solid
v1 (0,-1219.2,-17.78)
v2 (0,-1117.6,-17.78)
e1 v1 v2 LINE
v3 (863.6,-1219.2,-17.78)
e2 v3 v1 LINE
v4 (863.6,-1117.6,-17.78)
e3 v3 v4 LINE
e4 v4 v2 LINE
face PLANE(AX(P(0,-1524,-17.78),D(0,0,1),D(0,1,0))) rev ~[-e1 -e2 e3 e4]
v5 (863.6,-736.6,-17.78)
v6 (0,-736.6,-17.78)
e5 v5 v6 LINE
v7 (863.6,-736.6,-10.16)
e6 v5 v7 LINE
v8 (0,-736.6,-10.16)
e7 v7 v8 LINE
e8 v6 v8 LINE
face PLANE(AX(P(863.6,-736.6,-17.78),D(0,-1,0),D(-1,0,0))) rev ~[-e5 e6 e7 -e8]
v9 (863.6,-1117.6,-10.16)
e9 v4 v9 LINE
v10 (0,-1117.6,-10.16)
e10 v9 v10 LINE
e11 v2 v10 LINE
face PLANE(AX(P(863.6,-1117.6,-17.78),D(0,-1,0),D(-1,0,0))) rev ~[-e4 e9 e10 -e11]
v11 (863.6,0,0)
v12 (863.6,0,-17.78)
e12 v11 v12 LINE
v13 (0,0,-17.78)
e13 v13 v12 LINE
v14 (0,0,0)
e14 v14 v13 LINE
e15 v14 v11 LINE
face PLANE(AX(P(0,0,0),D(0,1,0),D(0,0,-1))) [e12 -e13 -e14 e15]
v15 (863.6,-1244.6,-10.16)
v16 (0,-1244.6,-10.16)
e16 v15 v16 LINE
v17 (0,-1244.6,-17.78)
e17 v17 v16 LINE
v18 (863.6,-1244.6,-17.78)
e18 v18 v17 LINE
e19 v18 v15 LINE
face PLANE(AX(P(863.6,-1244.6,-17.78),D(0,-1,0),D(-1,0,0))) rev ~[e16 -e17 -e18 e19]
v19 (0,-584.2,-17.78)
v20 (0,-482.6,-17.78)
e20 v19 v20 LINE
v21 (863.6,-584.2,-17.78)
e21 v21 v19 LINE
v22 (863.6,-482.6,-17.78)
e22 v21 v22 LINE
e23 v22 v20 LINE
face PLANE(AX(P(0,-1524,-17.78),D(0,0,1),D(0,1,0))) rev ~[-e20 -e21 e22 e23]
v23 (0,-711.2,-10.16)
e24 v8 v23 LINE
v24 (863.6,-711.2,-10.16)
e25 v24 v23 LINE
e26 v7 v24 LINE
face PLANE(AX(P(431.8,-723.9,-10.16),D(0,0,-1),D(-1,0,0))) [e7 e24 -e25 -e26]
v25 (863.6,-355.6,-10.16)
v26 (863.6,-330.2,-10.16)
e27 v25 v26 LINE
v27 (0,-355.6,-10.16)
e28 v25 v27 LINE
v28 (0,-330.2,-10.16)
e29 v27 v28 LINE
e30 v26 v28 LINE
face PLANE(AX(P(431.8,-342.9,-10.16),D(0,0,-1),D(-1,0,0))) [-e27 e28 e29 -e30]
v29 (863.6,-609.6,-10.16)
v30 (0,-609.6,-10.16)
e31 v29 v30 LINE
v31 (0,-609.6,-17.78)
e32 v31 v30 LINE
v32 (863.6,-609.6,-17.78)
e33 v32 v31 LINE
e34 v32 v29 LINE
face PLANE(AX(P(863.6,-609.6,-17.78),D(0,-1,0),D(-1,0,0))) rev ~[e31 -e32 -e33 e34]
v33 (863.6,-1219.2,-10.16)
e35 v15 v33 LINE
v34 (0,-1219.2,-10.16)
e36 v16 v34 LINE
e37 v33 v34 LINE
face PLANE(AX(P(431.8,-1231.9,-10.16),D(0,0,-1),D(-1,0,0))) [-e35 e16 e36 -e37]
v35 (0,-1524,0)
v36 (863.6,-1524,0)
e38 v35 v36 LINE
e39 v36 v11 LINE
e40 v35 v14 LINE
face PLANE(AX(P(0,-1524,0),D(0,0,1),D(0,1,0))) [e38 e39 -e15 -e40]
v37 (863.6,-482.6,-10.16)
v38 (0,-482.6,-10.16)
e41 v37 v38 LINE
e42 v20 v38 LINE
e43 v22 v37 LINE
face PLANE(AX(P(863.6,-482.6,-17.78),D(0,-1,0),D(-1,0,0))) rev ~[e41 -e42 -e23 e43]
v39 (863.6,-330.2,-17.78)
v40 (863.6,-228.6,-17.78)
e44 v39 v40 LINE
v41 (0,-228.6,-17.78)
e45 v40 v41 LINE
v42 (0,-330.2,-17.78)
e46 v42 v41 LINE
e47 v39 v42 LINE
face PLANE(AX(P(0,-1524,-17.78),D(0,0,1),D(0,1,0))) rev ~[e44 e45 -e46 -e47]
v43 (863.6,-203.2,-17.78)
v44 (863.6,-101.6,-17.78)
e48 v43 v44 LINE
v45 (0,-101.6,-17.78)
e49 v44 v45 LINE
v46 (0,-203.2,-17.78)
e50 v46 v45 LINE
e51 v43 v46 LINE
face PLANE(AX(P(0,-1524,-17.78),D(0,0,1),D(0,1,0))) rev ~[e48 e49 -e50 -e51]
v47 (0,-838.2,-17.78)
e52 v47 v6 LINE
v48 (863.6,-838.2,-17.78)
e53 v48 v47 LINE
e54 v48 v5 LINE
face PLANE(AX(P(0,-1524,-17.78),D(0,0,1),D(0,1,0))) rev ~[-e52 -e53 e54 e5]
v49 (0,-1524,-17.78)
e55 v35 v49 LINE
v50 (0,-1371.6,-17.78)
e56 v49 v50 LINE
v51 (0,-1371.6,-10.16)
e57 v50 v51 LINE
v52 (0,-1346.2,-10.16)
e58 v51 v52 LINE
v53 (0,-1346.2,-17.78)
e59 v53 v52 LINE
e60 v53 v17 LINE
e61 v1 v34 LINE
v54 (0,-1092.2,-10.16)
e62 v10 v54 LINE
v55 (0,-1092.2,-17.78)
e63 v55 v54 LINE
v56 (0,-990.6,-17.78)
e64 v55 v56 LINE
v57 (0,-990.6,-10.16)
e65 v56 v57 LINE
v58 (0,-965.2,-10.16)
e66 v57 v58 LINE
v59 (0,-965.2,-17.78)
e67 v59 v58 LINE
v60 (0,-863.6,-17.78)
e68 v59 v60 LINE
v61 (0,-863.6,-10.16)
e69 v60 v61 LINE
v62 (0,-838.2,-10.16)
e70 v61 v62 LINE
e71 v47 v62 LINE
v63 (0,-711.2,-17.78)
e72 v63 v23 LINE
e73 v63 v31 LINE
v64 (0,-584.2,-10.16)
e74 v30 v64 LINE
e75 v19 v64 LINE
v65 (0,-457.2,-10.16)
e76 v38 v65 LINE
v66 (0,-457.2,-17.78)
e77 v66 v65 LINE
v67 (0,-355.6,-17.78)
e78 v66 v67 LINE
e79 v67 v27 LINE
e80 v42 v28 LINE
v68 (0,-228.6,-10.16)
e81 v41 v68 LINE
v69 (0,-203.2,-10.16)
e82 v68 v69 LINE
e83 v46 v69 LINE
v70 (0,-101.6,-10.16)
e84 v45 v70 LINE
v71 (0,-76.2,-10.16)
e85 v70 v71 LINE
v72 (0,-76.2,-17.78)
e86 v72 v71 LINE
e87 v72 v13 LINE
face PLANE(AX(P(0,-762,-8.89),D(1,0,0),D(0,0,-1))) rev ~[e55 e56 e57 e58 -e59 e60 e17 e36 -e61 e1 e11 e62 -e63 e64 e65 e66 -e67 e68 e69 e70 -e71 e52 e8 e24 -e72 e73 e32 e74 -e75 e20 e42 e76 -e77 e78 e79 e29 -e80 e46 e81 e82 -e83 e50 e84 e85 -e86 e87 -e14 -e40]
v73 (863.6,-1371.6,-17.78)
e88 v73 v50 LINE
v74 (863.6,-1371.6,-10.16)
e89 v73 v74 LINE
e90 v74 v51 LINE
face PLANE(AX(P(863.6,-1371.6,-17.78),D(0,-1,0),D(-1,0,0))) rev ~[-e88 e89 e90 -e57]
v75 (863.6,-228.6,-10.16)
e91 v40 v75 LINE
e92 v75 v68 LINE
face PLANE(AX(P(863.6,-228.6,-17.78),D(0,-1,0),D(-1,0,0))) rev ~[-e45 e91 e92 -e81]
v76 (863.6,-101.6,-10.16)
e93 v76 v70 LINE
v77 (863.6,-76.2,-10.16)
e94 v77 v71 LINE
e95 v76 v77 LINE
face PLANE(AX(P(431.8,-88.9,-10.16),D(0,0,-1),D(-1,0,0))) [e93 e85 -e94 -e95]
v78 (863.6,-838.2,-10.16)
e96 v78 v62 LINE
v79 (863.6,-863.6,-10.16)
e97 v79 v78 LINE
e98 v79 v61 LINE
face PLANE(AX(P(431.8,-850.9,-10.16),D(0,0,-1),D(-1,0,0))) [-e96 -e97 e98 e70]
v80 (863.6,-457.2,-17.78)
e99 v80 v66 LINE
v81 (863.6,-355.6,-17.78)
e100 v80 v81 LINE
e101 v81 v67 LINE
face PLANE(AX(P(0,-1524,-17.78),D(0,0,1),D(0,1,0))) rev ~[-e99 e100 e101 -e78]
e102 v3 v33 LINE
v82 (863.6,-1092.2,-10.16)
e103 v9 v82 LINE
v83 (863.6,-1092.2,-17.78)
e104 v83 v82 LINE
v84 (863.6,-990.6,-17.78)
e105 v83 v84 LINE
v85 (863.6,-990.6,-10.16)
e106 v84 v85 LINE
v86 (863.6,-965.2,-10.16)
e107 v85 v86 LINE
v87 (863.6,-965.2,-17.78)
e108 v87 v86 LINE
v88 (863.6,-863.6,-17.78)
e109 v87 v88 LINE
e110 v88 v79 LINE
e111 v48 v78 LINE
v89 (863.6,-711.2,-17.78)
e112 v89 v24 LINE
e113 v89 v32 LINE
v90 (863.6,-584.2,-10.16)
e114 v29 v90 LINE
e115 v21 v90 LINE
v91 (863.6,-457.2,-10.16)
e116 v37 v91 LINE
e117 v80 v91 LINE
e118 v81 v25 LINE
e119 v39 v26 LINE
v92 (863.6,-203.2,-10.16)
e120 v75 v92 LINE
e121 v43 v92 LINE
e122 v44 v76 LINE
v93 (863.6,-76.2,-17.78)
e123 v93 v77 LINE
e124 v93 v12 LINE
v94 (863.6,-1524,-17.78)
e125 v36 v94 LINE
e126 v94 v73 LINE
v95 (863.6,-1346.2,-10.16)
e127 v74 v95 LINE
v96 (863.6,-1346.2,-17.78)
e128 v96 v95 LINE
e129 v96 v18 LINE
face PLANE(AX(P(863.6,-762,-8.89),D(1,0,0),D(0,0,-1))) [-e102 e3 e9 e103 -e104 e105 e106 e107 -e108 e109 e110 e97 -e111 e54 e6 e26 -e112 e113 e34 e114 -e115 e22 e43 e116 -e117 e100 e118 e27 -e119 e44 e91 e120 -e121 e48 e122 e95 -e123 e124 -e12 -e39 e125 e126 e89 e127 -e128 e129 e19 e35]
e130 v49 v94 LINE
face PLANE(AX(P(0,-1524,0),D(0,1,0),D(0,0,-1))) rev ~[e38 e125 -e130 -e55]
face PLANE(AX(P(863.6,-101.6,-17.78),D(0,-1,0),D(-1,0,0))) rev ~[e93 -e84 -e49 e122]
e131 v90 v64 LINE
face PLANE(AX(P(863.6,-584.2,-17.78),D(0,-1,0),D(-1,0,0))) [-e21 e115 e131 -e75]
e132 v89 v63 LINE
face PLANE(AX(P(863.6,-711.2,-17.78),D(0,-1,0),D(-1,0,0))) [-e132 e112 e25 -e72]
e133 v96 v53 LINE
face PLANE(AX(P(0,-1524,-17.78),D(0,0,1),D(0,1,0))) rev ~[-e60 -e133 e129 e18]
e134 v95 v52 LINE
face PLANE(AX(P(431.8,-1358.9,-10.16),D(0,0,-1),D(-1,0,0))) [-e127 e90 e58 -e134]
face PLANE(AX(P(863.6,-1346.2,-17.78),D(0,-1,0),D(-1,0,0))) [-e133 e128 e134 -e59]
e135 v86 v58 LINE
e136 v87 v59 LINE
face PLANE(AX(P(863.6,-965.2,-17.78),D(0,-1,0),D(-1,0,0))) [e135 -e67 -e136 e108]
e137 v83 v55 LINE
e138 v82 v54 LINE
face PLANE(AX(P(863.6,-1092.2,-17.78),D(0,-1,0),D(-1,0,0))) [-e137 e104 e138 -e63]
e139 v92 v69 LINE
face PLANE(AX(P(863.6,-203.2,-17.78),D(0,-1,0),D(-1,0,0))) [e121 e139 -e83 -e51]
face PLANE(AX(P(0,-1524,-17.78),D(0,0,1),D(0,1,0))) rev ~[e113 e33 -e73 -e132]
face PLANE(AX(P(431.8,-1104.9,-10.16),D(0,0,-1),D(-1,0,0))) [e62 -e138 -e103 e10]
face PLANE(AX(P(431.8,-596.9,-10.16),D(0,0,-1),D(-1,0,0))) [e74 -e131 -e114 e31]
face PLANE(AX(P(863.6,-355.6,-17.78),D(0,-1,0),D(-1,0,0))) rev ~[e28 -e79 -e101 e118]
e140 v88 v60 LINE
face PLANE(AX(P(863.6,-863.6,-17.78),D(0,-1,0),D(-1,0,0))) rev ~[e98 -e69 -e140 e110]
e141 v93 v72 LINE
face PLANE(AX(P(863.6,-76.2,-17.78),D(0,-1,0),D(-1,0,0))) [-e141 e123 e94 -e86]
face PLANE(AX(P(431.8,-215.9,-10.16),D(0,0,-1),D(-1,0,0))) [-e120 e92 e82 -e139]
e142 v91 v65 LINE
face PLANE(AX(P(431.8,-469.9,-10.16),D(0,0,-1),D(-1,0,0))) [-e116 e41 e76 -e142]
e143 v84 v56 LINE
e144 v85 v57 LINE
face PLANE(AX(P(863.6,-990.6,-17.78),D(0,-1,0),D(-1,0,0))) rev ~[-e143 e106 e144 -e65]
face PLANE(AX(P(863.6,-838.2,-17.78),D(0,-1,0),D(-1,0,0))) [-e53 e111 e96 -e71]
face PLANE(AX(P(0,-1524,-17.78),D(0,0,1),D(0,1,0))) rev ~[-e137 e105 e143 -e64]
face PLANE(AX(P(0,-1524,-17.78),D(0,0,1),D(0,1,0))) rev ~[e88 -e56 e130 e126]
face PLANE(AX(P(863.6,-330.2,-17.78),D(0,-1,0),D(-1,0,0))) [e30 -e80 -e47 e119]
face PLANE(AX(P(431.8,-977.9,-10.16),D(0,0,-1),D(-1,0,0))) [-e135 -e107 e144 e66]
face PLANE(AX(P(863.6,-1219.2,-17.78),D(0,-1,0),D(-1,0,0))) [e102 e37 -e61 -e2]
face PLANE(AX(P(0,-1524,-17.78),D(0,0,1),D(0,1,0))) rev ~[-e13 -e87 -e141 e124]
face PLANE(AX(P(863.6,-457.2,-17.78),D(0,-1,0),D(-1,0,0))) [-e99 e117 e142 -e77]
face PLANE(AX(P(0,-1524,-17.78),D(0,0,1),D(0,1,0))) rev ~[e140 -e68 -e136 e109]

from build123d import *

# Parameters (mm, degrees)
SKETCH2_W           = 17.78
SKETCH2_H           = 1524
BOSS_EXTRUDE1_DEPTH = 863.6
SKETCH3_W           = 863.6
SKETCH3_H           = 25.4
CUT_EXTRUDE1_DEPTH  = 7.62


with BuildPart() as part:
    # Sketch2 → Boss-Extrude1 (new body)
    with BuildSketch(Plane(origin=(0, 0, 0), x_dir=(0, 0, -1), z_dir=(1, 0, 0))):
        with Locations((8.89, -762)):
            Rectangle(SKETCH2_W, SKETCH2_H)
    extrude(amount=BOSS_EXTRUDE1_DEPTH)

    # Sketch3 → Cut-Extrude1 (cut)
    with BuildSketch(Plane(origin=(0, 0, -17.78), x_dir=(-1, 0, 0), z_dir=(0, 0, -1))):
        with Locations((-431.8, -88.9)):
            Rectangle(SKETCH3_W, SKETCH3_H)
        with Locations((-431.8, -215.9)):
            Rectangle(SKETCH3_W, SKETCH3_H)
        with Locations((-431.8, -342.9)):
            Rectangle(SKETCH3_W, SKETCH3_H)
        with Locations((-431.8, -469.9)):
            Rectangle(SKETCH3_W, SKETCH3_H)
        with Locations((-431.8, -596.9)):
            Rectangle(SKETCH3_W, SKETCH3_H)
        with Locations((-431.8, -723.9)):
            Rectangle(SKETCH3_W, SKETCH3_H)
        with Locations((-431.8, -850.9)):
            Rectangle(SKETCH3_W, SKETCH3_H)
        with Locations((-431.8, -977.9)):
            Rectangle(SKETCH3_W, SKETCH3_H)
        with Locations((-431.8, -1104.9)):
            Rectangle(SKETCH3_W, SKETCH3_H)
        with Locations((-431.8, -1231.9)):
            Rectangle(SKETCH3_W, SKETCH3_H)
        with Locations((-431.8, -1358.9)):
            Rectangle(SKETCH3_W, SKETCH3_H)
    extrude(amount=-CUT_EXTRUDE1_DEPTH, mode=Mode.SUBTRACT)


solid = part.part
